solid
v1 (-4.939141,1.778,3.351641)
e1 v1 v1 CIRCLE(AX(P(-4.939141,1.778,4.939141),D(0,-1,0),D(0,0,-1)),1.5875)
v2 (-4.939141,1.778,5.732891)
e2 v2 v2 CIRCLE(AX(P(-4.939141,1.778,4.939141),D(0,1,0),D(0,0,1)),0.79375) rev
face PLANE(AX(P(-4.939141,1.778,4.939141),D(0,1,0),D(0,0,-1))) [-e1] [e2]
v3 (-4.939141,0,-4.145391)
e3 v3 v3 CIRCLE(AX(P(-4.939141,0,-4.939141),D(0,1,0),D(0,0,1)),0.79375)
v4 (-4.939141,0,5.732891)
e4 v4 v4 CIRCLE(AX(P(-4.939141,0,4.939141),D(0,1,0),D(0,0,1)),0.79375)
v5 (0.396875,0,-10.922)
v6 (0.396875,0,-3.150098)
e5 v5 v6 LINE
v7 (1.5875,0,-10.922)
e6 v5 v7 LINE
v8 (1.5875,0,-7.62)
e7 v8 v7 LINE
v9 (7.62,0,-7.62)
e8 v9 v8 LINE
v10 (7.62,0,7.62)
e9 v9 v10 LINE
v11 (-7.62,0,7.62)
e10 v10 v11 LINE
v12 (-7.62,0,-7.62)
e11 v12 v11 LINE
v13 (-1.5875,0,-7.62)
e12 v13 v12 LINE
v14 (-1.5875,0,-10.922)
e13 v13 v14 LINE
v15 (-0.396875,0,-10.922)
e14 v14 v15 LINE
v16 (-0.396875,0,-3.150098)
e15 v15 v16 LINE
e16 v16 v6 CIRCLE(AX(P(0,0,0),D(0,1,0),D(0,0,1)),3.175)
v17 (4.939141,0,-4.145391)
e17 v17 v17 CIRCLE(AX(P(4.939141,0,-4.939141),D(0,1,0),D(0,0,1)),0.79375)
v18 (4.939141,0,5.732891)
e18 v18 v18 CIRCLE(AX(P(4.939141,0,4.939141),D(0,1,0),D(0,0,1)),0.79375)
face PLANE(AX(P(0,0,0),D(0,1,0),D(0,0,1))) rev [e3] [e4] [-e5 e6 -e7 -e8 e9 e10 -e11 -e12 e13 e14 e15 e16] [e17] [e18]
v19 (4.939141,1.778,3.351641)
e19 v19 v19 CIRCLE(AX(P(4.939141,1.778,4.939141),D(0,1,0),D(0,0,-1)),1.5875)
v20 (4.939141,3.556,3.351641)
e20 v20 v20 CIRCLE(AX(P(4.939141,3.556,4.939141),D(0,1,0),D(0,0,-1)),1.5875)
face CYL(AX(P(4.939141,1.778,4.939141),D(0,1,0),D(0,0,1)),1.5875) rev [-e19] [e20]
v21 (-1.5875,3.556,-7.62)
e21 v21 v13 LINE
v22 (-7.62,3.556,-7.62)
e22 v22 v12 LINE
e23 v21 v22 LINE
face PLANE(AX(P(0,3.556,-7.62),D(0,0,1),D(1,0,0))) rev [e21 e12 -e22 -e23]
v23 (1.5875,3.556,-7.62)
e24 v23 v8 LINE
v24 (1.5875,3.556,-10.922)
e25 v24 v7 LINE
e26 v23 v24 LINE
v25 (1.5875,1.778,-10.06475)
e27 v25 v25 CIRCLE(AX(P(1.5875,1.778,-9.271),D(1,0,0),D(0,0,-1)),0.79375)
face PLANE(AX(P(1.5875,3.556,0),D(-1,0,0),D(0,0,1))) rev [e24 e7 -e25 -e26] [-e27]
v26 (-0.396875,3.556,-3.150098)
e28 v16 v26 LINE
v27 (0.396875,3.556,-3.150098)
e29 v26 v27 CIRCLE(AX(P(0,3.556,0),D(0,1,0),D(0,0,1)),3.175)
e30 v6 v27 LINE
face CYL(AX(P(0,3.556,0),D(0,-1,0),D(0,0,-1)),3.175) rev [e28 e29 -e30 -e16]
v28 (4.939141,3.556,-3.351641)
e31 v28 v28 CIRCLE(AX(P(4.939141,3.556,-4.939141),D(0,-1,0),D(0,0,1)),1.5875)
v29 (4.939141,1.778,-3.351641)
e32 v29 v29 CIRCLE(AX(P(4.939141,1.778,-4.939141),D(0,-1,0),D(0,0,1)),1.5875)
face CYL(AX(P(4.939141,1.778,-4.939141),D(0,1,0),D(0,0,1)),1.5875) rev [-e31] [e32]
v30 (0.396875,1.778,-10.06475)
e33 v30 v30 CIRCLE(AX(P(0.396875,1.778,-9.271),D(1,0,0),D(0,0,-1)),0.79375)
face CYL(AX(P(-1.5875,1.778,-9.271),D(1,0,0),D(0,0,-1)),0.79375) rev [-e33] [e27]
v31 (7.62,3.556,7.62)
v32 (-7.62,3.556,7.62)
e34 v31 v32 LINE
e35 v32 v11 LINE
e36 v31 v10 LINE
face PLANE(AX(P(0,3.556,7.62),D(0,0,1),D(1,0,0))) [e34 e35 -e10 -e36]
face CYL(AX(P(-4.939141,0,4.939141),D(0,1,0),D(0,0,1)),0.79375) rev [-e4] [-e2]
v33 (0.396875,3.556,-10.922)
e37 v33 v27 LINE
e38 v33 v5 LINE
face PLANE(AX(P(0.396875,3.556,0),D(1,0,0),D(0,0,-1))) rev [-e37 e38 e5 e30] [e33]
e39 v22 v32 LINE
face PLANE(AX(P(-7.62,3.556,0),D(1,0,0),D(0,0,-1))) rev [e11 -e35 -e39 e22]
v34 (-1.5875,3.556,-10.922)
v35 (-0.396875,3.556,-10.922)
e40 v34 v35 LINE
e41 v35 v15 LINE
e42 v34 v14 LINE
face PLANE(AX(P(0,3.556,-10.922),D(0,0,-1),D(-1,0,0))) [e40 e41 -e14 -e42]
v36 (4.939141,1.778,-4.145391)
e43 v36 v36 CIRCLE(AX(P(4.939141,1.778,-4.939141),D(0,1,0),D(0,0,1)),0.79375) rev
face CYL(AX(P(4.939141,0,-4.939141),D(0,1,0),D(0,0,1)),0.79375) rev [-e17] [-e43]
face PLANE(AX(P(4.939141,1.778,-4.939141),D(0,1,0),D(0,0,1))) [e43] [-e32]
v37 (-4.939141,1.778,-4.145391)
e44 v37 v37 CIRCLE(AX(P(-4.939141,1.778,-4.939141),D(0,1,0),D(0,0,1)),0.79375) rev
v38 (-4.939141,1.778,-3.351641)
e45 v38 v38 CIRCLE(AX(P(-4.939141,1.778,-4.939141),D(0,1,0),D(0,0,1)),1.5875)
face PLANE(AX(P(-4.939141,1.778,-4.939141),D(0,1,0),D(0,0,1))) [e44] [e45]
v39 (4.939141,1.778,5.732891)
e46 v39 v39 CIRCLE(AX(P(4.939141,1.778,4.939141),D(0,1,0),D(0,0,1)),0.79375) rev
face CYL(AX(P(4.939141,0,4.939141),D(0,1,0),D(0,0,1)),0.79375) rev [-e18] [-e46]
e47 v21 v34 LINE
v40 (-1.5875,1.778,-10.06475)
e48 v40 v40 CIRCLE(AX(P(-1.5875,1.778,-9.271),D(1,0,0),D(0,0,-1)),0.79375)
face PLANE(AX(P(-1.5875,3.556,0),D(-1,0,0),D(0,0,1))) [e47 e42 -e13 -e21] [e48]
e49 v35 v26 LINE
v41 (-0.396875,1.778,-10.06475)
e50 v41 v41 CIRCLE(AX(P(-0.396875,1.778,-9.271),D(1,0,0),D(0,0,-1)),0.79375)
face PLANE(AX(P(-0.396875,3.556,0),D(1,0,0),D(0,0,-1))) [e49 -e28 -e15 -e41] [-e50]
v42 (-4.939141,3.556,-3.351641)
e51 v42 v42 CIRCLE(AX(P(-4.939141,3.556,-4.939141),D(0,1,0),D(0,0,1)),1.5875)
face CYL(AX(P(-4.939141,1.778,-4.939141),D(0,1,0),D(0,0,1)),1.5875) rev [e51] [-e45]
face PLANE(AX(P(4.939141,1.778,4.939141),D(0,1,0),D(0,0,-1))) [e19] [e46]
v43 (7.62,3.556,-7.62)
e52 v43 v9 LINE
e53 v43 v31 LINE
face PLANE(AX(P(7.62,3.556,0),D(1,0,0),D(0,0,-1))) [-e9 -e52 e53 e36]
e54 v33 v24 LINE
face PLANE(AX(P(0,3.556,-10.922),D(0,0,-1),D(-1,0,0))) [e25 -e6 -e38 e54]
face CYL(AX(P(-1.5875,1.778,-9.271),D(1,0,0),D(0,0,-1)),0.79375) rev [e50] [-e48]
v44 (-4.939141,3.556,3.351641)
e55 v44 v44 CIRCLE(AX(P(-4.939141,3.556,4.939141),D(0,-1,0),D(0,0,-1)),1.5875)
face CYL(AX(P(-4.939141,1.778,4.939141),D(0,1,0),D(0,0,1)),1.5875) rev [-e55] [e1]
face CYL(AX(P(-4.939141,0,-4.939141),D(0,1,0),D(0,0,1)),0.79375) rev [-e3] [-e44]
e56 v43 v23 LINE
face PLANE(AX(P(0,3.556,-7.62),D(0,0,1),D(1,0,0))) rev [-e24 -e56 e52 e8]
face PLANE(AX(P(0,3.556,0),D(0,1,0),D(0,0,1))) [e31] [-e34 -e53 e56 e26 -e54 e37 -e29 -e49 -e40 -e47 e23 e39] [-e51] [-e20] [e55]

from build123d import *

# Parameters (mm, degrees)
SKETCH1_R                                  = 3.175
BOSS_EXTRUDE1_DEPTH                        = 3.556
SKETCH2_R                                  = 0.79375
CUT_EXTRUDE1_DEPTH                         = 4.556
SKETCH3_R                                  = 0.79375
CUT_EXTRUDE2_DEPTH                         = 3.175
SKETCH4_W                                  = 0.79375
SKETCH4_H                                  = 4.469902345
CUT_EXTRUDE3_DEPTH                         = 4.556
SKETCH5_R                                  = 1.5875
CUT_EXTRUDE4_DEPTH                         = 1.778
MIRROR1_AT_THE_SECOND_PLANE_COPY_1_SKETC_R = 1.5875
MIRROR1_AT_THE_SECOND_PLANE_COPY_1_DEPTH   = 1.778


with BuildPart() as part:
    # Sketch1 → Boss-Extrude1 (new body)
    with BuildSketch(Plane(origin=(0, 0, 0), x_dir=(1, 0, 0), z_dir=(0, 1, 0))):
        Polygon((-1.5875, 7.62), (-1.5875, 10.922), (-0.396875, 10.922), (-0.396875, 7.62), (0.396875, 7.62), (0.396875, 10.922), (1.5875, 10.922), (1.5875, 7.62), (7.62, 7.62), (7.62, -7.62), (-7.62, -7.62), (-7.62, 7.62), align=None)
        Circle(SKETCH1_R, mode=Mode.SUBTRACT)
    extrude(amount=BOSS_EXTRUDE1_DEPTH)

    # Sketch2 → Cut-Extrude1 (cut, through all)
    with BuildSketch(Plane(origin=(0, 3.556, 0), x_dir=(1, 0, 0), z_dir=(0, 1, 0))):
        with Locations((-4.939140867, 4.939140867)):
            Circle(SKETCH2_R)
        with Locations((4.939140867, 4.939140867)):
            Circle(SKETCH2_R)
        with Locations((4.939140867, -4.939140867)):
            Circle(SKETCH2_R)
        with Locations((-4.939140867, -4.939140867)):
            Circle(SKETCH2_R)
    extrude(amount=-CUT_EXTRUDE1_DEPTH, mode=Mode.SUBTRACT)

    # Sketch3 → Cut-Extrude2 (cut)
    with BuildSketch(Plane(origin=(1.5875, 0, 0), x_dir=(0, 0, -1), z_dir=(1, 0, 0))):
        with Locations((9.271, 1.778)):
            Circle(SKETCH3_R)
    extrude(amount=-CUT_EXTRUDE2_DEPTH, mode=Mode.SUBTRACT)

    # Sketch4 → Cut-Extrude3 (cut, through all)
    with BuildSketch(Plane(origin=(0, 3.556, 0), x_dir=(1, 0, 0), z_dir=(0, 1, 0))):
        with Locations((0, 5.385048828)):
            Rectangle(SKETCH4_W, SKETCH4_H)
    extrude(amount=-CUT_EXTRUDE3_DEPTH, mode=Mode.SUBTRACT)

    # Sketch5 → Cut-Extrude4 (cut)
    with BuildSketch(Plane(origin=(0, 3.556, 0), x_dir=(1, 0, 0), z_dir=(0, 1, 0))):
        with Locations((-4.939140867, 4.939140867)):
            Circle(SKETCH5_R)
    cut_extrude4 = extrude(amount=-CUT_EXTRUDE4_DEPTH, mode=Mode.SUBTRACT)

    # Mirror1: Cut-Extrude4 across plane
    add(cut_extrude4.mirror(Plane.XY), mode=Mode.SUBTRACT)

    # Mirror1 at the second plane: Cut-Extrude4 across plane
    add(cut_extrude4.mirror(Plane(origin=(0, 0, 0), x_dir=(0, 0, 1), z_dir=(1, 0, 0))), mode=Mode.SUBTRACT)

    # Mirror1 at the second plane copy 1 sketc → Mirror1 at the second plane copy 1 (cut)
    with BuildSketch(Plane(origin=(0, 3.556, 0), x_dir=(-1, 0, 0), z_dir=(0, 1, 0))):
        with Locations((-4.939140867, 4.939140867)):
            Circle(MIRROR1_AT_THE_SECOND_PLANE_COPY_1_SKETC_R)
    extrude(amount=-MIRROR1_AT_THE_SECOND_PLANE_COPY_1_DEPTH, mode=Mode.SUBTRACT)


solid = part.part
